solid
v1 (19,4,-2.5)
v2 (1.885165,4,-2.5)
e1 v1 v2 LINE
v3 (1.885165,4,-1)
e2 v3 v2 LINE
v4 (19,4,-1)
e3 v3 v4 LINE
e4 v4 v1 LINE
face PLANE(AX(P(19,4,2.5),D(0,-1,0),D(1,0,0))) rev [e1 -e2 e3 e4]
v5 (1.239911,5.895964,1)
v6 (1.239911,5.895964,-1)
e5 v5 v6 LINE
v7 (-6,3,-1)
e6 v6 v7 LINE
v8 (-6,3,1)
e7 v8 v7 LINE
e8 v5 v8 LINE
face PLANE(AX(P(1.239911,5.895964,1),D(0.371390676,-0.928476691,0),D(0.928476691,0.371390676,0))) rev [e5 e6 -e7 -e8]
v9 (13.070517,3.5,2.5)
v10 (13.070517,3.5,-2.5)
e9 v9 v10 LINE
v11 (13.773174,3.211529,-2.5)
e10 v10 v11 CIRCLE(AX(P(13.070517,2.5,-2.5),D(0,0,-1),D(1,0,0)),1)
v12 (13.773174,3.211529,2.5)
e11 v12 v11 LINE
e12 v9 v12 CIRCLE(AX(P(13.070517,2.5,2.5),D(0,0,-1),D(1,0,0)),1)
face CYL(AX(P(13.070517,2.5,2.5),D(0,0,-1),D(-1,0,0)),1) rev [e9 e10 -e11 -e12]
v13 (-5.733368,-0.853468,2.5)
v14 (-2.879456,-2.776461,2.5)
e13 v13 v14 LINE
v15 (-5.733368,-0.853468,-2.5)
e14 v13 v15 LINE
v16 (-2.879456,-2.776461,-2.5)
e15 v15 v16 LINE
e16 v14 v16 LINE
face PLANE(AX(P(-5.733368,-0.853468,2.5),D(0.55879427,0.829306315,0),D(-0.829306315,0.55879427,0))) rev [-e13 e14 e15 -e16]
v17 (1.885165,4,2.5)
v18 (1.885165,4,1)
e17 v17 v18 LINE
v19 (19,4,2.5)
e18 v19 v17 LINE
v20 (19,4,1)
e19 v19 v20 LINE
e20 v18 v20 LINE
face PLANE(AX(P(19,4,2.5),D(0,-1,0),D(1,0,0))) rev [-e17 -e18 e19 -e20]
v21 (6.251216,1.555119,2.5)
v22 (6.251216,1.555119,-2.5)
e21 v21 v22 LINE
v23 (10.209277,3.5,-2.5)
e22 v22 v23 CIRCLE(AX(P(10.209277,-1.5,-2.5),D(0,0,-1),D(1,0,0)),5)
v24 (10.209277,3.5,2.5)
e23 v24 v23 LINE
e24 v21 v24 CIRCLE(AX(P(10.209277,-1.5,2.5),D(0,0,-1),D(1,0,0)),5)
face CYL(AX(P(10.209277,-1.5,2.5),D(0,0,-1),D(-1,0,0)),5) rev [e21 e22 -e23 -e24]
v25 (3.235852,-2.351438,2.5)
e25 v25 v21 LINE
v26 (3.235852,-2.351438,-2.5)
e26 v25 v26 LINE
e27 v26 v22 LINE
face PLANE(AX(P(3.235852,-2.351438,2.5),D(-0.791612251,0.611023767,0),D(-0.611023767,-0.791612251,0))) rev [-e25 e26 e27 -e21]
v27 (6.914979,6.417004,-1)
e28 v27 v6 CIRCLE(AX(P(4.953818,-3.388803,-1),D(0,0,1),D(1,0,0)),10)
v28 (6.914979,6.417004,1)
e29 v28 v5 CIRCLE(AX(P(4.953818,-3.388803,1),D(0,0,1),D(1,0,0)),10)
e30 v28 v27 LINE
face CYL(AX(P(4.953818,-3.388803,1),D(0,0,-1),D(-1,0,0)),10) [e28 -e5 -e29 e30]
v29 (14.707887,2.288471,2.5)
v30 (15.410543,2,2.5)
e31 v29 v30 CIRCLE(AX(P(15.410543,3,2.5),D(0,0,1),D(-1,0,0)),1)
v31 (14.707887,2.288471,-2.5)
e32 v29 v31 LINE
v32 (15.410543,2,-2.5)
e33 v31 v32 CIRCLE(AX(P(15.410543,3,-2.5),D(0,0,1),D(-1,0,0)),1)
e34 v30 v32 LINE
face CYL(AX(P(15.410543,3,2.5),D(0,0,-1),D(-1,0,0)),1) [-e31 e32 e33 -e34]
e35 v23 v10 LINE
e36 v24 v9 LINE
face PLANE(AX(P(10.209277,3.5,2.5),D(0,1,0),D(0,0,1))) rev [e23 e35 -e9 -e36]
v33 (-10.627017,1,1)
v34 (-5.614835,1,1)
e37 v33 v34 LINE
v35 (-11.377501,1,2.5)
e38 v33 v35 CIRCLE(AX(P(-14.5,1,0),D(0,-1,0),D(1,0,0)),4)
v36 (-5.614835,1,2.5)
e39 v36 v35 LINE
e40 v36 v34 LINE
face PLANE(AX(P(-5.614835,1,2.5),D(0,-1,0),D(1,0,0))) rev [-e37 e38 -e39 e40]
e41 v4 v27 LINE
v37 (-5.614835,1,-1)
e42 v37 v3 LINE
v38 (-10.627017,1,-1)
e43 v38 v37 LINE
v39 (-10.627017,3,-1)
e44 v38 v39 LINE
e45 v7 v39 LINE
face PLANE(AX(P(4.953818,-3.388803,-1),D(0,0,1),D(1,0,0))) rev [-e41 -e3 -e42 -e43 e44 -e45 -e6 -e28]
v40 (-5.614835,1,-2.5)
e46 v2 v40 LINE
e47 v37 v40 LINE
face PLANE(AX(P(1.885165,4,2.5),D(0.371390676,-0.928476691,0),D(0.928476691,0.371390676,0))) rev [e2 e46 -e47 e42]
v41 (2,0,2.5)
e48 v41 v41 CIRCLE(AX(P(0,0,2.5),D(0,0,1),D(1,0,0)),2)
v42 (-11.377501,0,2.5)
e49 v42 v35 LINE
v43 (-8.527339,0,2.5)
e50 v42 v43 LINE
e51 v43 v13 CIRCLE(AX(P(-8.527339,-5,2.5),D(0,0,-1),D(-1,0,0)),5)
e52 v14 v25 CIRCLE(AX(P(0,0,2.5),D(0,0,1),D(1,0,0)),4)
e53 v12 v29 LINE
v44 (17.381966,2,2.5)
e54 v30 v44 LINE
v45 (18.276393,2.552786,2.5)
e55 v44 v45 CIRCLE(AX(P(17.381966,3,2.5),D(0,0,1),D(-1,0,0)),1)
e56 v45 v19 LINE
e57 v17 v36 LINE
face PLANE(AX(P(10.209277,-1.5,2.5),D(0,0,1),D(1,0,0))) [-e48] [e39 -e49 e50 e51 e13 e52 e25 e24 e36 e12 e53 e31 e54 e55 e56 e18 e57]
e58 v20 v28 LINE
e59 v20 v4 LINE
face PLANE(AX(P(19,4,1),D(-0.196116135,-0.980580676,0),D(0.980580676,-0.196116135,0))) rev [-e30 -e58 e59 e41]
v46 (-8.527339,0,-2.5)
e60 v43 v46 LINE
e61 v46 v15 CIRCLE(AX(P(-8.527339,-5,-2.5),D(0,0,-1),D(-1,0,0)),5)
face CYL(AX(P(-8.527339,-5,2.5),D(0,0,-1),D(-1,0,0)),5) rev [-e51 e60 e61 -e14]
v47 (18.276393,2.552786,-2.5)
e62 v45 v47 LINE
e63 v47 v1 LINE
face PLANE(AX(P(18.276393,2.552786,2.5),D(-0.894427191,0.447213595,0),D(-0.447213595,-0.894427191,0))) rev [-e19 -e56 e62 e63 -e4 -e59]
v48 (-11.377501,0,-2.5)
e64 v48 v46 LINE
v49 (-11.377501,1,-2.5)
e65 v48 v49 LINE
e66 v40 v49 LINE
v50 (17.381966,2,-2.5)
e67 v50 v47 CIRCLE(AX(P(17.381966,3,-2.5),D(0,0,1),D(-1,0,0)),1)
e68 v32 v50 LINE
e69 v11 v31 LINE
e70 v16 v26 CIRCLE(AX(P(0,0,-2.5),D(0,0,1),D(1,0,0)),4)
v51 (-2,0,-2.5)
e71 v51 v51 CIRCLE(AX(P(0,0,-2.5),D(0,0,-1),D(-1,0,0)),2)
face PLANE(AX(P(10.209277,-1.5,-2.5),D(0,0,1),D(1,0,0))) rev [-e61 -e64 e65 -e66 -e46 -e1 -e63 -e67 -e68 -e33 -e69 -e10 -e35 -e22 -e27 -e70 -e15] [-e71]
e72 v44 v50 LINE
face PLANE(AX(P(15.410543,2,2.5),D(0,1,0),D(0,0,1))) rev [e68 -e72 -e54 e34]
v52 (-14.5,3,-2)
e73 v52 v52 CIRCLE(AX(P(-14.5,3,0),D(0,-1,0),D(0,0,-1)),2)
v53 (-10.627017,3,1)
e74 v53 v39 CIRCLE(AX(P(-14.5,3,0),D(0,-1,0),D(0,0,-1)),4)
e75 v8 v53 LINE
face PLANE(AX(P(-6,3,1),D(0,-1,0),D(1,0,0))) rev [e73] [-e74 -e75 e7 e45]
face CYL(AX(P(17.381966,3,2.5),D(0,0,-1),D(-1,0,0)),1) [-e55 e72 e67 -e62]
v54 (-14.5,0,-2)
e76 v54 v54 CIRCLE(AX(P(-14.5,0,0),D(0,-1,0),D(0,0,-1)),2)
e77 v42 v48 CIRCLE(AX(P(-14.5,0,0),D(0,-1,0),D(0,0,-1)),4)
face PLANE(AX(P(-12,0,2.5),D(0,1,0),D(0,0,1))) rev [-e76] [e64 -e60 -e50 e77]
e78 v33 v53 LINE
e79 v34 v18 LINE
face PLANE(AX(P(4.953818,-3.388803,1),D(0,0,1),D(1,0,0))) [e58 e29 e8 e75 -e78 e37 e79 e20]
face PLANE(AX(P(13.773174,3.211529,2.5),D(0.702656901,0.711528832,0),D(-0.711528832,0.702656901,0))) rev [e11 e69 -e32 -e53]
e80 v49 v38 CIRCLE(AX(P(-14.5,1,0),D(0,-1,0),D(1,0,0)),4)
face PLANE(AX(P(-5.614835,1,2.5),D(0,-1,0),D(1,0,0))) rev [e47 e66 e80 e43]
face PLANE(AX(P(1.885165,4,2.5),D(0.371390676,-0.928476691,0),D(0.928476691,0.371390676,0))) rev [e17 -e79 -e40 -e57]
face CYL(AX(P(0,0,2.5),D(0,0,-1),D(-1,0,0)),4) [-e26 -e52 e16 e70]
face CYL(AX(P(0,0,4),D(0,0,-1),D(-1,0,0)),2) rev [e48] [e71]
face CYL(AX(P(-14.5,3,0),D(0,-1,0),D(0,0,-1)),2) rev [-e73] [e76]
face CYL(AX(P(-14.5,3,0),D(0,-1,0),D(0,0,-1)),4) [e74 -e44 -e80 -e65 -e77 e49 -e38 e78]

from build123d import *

# Parameters (mm, degrees)
BASE_EXTRUSION_DEPTH    = 1
BOSS_EXTRU_1_DEPTH      = 2.5
ESQUISSE3_R             = 4
ESQUISSE3_R_2           = 2
BOSS_EXTRU_2_DEPTH      = 3
ESQUISSE4_R             = 2
ENL_V_MAT_EXTRU_1_DEPTH = 22.141379606


with BuildPart() as part:
    # Esquisse1 → Base-Extrusion (new, symmetric)
    with BuildSketch(Plane.XY):
        with BuildLine():
            Line((-5.614835193, 1), (-12, 1))
            Line((-12, 1), (-12, 3))
            Line((-12, 3), (-6, 3))
            Line((-6, 3), (1.239910882, 5.895964353))
            ThreePointArc((1.239910882, 5.895964353), (4.039542112, 6.569314748), (6.914978997, 6.417004201))
            Line((6.914978997, 6.417004201), (19, 4))
            Line((19, 4), (1.885164807, 4))
            Line((1.885164807, 4), (-5.614835193, 1))
        make_face()
    extrude(amount=BASE_EXTRUSION_DEPTH, both=True)

    # Esquisse2 → Boss.-Extru.1 (add, symmetric)
    with BuildSketch(Plane.XY):
        with BuildLine():
            Line((3.235852124, -2.351438077), (6.251216165, 1.555118833))
            ThreePointArc((6.251216165, 1.555118833), (8.004237079, 2.987515692), (10.209277422, 3.5))
            Line((10.209277422, 3.5), (13.070517185, 3.5))
            ThreePointArc((13.070517185, 3.5), (13.450300787, 3.425075357), (13.773174087, 3.211528832))
            Line((13.773174087, 3.211528832), (14.707886519, 2.288471168))
            ThreePointArc((14.707886519, 2.288471168), (15.030759819, 2.074924643), (15.410543421, 2))
            Line((15.410543421, 2), (17.381966011, 2))
            ThreePointArc((17.381966011, 2), (17.907697123, 2.149349192), (18.276393202, 2.552786405))
            Line((18.276393202, 2.552786405), (19, 4))
            Line((19, 4), (1.885164807, 4))
            Line((1.885164807, 4), (-5.614835193, 1))
            Line((-5.614835193, 1), (-12, 1))
            Line((-12, 1), (-12, 0))
            Line((-12, 0), (-8.52733926, 0))
            ThreePointArc((-8.52733926, 0), (-7.066630162, -0.218124957), (-5.733367907, -0.853468427))
            Line((-5.733367907, -0.853468427), (-2.879455607, -2.776460951))
            ThreePointArc((-2.879455607, -2.776460951), (0.277336853, -3.990373951), (3.235852124, -2.351438077))
        make_face()
    extrude(amount=BOSS_EXTRU_1_DEPTH, both=True)

    # Esquisse3 → Boss.-Extru.2 (add)
    with BuildSketch(Plane.XZ):
        with Locations((-14.5, 0)):
            Circle(ESQUISSE3_R)
        with Locations((-14.5, 0)):
            Circle(ESQUISSE3_R_2, mode=Mode.SUBTRACT)
    extrude(amount=-BOSS_EXTRU_2_DEPTH)

    # Esquisse4 → Enlèv. mat.-Extru.1 (cut, through all)
    with BuildSketch(Plane(origin=(0, 0, -2.5), x_dir=(-1, 0, 0), z_dir=(0, 0, -1))):
        Circle(ESQUISSE4_R)
    extrude(amount=-ENL_V_MAT_EXTRU_1_DEPTH, mode=Mode.SUBTRACT)


solid = part.part
